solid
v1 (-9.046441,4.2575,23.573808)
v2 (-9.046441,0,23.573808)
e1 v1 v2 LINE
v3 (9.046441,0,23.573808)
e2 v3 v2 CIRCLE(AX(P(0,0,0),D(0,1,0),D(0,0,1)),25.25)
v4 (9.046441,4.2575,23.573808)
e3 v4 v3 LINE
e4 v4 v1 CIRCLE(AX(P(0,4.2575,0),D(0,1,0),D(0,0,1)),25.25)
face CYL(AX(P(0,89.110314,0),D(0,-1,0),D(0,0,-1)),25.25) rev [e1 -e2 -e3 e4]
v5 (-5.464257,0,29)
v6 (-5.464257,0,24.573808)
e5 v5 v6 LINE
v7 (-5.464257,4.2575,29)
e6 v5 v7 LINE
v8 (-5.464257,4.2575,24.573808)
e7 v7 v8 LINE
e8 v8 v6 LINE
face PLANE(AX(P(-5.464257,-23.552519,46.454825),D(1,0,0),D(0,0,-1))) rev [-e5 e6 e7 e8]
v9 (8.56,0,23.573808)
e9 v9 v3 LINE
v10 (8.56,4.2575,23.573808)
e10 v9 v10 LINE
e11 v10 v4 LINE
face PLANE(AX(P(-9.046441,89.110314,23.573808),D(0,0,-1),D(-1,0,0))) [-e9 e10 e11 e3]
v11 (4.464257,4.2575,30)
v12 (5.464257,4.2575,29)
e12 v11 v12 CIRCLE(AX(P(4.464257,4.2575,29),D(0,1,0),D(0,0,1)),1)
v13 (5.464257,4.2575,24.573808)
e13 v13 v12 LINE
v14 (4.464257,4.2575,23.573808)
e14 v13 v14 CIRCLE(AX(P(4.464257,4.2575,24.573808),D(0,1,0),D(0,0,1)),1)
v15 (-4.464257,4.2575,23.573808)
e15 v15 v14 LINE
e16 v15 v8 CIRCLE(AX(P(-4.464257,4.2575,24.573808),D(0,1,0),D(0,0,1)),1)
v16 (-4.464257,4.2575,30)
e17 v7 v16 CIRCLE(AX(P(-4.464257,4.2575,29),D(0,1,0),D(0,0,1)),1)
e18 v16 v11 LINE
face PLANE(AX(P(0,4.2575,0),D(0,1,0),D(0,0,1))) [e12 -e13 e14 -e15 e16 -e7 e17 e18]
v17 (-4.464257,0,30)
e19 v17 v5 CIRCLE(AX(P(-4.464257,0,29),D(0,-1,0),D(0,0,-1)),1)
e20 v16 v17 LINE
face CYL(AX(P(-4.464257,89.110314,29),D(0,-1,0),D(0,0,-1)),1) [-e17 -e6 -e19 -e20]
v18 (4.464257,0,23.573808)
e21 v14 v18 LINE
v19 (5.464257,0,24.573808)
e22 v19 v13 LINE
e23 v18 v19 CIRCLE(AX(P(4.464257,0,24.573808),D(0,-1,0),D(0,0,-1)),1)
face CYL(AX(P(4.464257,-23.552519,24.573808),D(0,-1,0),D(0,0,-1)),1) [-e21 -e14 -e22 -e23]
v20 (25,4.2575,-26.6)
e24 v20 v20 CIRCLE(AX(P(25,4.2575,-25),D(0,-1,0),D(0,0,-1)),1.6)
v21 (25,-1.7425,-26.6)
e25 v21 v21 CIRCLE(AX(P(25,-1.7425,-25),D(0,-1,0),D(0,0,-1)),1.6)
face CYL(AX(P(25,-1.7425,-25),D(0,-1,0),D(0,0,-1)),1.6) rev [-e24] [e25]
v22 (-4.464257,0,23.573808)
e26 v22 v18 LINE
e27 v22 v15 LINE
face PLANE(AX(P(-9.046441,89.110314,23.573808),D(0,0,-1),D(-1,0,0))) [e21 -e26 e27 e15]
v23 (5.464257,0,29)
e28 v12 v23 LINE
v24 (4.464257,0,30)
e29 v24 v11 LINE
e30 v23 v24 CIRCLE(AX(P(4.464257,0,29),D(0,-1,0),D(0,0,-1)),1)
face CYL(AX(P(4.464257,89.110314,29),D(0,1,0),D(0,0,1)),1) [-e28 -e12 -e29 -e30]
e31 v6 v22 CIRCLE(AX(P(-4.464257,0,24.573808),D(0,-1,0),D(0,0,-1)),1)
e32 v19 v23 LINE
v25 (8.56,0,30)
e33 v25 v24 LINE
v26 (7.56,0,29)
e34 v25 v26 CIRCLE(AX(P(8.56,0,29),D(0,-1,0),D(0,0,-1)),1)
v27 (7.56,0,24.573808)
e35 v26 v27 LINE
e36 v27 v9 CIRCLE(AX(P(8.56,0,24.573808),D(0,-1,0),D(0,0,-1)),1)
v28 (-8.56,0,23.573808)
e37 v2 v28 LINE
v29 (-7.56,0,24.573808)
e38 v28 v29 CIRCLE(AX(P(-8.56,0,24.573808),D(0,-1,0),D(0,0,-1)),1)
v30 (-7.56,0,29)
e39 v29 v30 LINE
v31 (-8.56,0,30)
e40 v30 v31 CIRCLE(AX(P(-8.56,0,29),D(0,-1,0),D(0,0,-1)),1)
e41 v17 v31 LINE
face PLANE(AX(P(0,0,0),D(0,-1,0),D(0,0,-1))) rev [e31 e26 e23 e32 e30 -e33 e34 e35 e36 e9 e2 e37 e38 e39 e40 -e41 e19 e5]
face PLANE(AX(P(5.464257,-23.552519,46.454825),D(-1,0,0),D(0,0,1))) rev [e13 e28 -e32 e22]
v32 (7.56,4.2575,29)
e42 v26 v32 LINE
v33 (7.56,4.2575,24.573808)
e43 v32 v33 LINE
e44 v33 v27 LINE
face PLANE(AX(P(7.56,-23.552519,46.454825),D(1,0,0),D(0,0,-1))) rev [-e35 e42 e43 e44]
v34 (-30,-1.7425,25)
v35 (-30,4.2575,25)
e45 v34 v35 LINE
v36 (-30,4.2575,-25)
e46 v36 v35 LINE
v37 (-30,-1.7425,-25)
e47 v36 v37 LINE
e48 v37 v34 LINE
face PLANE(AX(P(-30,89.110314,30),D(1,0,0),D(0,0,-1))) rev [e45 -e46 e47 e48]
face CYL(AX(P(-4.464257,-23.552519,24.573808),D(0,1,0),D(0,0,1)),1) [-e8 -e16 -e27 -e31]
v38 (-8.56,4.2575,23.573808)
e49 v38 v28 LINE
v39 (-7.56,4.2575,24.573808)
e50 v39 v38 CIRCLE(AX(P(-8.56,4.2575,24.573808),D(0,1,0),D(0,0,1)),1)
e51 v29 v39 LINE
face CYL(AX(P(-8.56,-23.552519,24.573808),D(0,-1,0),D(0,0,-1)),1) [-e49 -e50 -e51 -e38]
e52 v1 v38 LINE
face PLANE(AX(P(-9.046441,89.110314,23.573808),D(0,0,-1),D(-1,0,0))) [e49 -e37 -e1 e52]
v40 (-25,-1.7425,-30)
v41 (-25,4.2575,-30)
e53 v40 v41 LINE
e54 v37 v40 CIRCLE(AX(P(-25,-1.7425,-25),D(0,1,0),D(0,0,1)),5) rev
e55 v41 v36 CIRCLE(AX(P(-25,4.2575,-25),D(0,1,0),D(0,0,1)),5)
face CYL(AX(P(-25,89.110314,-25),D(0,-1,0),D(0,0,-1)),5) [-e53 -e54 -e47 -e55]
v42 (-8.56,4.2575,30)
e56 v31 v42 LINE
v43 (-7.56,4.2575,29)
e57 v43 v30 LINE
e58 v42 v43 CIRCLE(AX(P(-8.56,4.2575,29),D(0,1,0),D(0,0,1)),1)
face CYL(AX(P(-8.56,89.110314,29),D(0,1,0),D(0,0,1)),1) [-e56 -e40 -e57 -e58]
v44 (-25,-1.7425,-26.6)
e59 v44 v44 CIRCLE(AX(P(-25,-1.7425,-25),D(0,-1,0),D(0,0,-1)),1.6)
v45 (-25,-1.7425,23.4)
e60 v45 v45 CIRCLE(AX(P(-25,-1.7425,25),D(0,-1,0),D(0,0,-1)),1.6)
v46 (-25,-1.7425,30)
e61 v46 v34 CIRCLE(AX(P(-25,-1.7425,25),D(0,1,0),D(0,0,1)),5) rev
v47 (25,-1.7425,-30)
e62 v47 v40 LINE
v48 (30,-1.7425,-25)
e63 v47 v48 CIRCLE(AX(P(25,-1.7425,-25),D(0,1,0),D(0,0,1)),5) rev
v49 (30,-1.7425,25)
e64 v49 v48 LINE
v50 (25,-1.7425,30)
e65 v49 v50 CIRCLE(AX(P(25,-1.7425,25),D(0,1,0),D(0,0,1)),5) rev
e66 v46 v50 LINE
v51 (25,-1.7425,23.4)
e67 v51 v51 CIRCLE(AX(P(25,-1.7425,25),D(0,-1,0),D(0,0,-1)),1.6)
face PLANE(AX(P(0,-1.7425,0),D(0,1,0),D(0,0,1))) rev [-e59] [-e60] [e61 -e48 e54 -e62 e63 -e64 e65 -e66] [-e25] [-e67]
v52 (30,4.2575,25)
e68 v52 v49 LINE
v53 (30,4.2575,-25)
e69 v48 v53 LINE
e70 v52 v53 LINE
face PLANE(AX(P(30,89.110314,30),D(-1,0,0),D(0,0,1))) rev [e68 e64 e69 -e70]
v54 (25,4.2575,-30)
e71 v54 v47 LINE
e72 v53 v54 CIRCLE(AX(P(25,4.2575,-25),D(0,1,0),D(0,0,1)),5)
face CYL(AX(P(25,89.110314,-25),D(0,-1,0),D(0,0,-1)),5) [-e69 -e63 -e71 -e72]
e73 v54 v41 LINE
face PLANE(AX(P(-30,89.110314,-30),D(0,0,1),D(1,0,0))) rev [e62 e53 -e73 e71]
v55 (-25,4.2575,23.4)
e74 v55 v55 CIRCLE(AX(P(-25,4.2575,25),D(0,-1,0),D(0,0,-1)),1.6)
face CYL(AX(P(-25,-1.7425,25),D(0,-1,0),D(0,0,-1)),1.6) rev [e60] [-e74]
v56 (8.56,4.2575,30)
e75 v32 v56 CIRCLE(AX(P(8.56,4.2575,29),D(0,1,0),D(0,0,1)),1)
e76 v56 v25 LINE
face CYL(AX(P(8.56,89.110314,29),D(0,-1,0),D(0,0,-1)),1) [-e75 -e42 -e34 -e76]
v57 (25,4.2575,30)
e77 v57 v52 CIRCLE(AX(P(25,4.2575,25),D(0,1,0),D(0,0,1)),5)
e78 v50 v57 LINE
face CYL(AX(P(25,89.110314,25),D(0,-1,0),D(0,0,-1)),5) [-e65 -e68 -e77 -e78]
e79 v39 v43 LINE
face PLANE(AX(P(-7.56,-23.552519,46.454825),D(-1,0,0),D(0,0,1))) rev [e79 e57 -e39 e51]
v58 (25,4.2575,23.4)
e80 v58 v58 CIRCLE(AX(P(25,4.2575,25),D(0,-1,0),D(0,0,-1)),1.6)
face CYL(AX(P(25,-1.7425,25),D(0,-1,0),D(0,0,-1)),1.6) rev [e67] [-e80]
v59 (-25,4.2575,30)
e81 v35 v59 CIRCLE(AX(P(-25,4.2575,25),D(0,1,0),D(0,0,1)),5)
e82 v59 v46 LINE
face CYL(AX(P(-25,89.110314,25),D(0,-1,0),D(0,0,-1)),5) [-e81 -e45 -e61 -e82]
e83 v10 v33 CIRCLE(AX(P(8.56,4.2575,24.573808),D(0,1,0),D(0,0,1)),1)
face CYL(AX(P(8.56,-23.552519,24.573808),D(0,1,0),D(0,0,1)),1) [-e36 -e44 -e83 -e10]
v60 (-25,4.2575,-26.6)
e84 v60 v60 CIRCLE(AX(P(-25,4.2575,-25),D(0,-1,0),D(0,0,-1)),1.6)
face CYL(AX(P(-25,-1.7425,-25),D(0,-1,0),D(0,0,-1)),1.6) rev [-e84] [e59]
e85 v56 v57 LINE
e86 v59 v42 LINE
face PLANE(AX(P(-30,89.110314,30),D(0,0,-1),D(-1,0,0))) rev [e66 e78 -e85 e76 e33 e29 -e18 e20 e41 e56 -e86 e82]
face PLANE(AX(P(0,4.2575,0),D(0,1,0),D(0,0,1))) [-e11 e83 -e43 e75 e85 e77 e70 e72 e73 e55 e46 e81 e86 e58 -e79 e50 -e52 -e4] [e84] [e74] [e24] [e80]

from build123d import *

# Parameters (mm, degrees)
SKETCH1_W            = 60
SKETCH1_H            = 60
BOSS_EXTRUDE1_DEPTH  = 4.2575
SKETCH2_W            = 60
SKETCH2_H            = 60
BOSS_EXTRUDE2_DEPTH  = 1.7425
SKETCH3_W            = 2.095743483
SKETCH3_H            = 23.459092757
CUT_EXTRUDE1_DEPTH   = 4.2575
FILLET1_R            = 1
FILLET2_R            = 5
M3_CLEARANCE_HOLE1_D = 3.2


with BuildPart() as part:
    # Sketch1 → Boss-Extrude1 (new body)
    with BuildSketch(Plane(origin=(0, 0, 0), x_dir=(1, 0, 0), z_dir=(0, 1, 0))):
        Rectangle(SKETCH1_W, SKETCH1_H)
        with BuildLine():
            Line((-9.04644108, -23.573807579), (9.04644108, -23.573807579))
            ThreePointArc((9.04644108, -23.573807579), (14.716185301, 20.518196562), (-25.229791914, 1.01))
            ThreePointArc((-25.229791914, 1.01), (-21.090422846, -13.883679778), (-9.04644108, -23.573807579))
        make_face(mode=Mode.SUBTRACT)
    extrude(amount=BOSS_EXTRUDE1_DEPTH)

    # Sketch2 → Boss-Extrude2 (add)
    with BuildSketch(Plane.XZ):
        Rectangle(SKETCH2_W, SKETCH2_H)
    extrude(amount=BOSS_EXTRUDE2_DEPTH)

    # Sketch3 → Cut-Extrude1 (cut)
    with BuildSketch(Plane(origin=(0, 4.2575, 0), x_dir=(1, 0, 0), z_dir=(0, 1, 0))):
        with Locations((-6.512128259, -34.72527871)):
            Rectangle(SKETCH3_W, SKETCH3_H)
        with Locations((6.512128259, -34.72527871)):
            Rectangle(SKETCH3_W, SKETCH3_H)
    extrude(amount=-CUT_EXTRUDE1_DEPTH, mode=Mode.SUBTRACT)

    # Fillet1
    fillet1_edges = [part.edges().sort_by_distance(p)[0] for p in [
        (-5.464256517, 2.12875, 30),
        (-5.464256517, 2.12875, 23.573807579),
        (-7.56, 2.12875, 30),
        (-7.56, 2.12875, 23.573807579),
        (5.464256517, 2.12875, 30),
        (5.464256517, 2.12875, 23.573807579),
        (7.56, 2.12875, 30),
        (7.56, 2.12875, 23.573807579),
    ]]
    fillet(fillet1_edges, radius=FILLET1_R)

    # Fillet2
    fillet2_edges = [part.edges().sort_by_distance(p)[0] for p in [
        (30, 1.2575, 30),
        (-30, 1.2575, 30),
        (-30, 1.2575, -30),
        (30, 1.2575, -30),
    ]]
    fillet(fillet2_edges, radius=FILLET2_R)

    # M3 Clearance Hole1 (through all)
    with Locations(Plane(origin=(0, -1.7425, 0), x_dir=(-1, 0, 0), z_dir=(0, -1, 0))):
        with Locations((-25, 25), (25, 25), (25, -25), (-25, -25)):
            Hole(M3_CLEARANCE_HOLE1_D / 2)


solid = part.part
